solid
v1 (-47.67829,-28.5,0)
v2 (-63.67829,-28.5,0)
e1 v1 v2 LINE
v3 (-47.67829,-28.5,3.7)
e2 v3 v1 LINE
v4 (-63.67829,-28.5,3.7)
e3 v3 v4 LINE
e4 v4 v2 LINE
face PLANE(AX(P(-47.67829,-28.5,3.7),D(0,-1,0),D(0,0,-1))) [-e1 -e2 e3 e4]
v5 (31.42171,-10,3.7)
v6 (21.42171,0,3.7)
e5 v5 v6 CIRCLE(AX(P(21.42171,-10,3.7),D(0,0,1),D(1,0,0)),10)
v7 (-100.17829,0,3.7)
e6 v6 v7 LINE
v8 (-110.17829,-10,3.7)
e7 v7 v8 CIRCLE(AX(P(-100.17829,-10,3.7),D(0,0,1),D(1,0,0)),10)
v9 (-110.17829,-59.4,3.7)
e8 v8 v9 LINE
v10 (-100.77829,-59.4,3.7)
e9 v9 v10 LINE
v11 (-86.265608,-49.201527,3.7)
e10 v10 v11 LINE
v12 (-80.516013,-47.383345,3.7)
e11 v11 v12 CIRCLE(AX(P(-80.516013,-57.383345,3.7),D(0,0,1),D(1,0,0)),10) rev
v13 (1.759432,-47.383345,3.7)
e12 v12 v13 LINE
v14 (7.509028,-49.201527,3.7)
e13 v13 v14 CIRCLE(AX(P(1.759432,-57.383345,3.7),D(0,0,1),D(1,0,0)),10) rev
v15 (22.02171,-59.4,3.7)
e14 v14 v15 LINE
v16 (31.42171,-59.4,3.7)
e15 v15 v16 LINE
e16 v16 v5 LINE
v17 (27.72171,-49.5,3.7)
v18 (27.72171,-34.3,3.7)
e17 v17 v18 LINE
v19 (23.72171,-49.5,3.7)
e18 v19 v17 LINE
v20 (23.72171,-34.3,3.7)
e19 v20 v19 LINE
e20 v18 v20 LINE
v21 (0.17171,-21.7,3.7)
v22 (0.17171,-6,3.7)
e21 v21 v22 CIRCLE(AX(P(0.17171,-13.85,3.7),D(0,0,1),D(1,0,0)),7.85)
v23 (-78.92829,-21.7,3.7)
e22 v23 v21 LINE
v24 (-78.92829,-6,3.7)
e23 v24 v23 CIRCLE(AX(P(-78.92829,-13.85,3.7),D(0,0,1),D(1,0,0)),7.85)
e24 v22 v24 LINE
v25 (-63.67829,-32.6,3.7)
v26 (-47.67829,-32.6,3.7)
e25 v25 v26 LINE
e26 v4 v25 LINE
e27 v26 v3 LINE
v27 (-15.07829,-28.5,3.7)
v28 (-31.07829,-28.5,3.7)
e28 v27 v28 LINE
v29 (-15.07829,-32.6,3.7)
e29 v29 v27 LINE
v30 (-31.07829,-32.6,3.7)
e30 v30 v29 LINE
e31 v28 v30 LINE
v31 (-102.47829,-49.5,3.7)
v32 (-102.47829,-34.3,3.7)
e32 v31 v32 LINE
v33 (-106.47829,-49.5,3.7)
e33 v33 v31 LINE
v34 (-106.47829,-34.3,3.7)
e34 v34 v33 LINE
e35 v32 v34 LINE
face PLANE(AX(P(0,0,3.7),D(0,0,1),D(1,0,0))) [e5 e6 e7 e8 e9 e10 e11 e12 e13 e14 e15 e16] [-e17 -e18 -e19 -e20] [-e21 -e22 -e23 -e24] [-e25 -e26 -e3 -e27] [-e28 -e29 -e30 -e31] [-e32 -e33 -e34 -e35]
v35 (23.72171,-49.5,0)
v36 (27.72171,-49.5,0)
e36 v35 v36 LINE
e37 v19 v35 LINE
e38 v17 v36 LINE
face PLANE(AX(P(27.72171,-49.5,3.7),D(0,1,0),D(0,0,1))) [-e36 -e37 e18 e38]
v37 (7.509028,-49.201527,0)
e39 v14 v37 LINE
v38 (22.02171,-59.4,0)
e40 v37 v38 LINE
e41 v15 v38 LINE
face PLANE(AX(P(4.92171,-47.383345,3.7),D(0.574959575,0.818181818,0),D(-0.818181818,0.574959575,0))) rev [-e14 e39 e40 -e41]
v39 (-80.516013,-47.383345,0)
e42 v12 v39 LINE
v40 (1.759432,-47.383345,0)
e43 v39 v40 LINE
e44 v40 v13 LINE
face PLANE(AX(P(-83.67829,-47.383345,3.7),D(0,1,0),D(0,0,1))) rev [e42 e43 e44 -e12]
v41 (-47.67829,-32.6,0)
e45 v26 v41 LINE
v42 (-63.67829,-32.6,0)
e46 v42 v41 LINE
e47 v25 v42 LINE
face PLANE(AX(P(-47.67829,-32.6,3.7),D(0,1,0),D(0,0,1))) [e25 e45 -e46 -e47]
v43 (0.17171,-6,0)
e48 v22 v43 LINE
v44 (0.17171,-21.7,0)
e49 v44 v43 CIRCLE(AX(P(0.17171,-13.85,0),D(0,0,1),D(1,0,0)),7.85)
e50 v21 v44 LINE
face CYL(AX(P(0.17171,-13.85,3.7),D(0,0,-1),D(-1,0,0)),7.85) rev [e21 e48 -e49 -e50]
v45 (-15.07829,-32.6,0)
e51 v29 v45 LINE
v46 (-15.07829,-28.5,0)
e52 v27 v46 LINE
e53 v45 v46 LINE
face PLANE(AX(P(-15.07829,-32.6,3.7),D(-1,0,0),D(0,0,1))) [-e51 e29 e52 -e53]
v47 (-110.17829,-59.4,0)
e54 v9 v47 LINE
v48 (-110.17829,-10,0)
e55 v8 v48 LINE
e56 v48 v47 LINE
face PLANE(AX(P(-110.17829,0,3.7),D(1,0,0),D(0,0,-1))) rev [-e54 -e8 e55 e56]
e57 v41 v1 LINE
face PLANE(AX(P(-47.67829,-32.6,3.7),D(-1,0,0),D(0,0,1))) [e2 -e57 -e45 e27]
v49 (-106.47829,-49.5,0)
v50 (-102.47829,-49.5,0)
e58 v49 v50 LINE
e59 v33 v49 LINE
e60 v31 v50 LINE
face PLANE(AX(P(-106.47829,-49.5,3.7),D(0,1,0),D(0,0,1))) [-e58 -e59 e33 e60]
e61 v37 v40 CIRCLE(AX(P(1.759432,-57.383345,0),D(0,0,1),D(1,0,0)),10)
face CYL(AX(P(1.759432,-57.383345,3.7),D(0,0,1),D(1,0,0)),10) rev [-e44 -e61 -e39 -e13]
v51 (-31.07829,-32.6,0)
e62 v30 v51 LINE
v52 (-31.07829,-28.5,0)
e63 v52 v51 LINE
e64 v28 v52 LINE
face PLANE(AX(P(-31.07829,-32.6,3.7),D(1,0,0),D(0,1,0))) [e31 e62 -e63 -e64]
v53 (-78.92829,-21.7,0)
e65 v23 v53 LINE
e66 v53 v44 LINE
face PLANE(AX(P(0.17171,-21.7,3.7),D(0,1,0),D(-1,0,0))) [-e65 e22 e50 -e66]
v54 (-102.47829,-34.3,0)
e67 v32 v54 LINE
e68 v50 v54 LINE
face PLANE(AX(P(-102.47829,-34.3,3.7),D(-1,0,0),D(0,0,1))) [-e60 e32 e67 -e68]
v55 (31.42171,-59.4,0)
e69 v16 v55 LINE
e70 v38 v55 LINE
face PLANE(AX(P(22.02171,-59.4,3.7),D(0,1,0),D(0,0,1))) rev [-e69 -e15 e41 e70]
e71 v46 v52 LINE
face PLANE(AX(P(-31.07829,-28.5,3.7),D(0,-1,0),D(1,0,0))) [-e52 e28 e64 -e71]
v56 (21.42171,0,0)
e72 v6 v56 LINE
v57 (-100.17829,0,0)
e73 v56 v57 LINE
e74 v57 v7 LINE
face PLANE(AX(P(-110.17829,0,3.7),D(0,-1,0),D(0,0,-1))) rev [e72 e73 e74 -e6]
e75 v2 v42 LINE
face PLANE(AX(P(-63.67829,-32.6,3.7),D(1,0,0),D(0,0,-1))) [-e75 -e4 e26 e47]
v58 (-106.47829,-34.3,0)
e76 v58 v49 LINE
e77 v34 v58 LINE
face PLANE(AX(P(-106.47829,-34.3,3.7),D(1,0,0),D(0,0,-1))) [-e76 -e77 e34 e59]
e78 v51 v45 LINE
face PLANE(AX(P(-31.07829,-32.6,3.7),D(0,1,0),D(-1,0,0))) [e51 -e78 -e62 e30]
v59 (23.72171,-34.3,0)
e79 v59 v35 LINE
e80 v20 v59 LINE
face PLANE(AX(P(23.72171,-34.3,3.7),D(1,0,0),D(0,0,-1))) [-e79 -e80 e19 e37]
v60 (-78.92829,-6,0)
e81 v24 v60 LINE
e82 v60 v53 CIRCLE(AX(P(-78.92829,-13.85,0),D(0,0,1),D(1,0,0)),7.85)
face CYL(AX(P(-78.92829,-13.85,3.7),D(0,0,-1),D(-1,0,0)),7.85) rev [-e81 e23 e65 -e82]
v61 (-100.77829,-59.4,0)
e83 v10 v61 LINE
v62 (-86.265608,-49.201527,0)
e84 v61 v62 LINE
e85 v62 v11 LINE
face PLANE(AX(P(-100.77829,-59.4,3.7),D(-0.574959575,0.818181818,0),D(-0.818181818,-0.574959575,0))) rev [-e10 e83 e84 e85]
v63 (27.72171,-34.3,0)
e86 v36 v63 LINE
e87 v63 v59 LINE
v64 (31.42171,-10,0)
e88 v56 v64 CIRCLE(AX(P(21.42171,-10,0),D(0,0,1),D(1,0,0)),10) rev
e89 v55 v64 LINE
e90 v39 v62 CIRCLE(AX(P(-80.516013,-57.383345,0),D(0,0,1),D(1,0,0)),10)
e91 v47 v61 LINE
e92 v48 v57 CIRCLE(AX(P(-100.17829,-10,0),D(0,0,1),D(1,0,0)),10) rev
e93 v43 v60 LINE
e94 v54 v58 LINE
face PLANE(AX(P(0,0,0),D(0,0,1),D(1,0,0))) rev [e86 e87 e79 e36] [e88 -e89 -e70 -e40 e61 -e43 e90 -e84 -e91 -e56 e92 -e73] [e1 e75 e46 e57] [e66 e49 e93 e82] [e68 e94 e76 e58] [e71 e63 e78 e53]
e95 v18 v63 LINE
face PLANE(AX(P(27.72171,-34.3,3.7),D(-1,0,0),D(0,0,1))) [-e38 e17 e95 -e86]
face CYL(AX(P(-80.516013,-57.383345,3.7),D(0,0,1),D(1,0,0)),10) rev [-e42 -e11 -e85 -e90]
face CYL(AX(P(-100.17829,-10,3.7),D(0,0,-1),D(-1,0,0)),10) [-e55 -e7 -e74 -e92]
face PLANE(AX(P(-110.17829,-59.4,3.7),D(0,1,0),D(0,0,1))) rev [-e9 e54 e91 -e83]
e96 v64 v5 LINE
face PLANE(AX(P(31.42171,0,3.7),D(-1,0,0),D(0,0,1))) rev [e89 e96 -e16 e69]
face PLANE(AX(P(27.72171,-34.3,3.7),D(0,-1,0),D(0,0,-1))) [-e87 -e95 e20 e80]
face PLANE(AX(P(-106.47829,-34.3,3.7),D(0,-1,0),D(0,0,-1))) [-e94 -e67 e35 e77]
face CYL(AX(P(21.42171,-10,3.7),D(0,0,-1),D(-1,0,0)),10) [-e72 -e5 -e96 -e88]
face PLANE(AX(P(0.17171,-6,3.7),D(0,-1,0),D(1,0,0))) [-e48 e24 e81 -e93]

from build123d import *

# Parameters (mm, degrees)
SKETCH1_W           = 16
SKETCH1_H           = 4.1
SKETCH1_W_2         = 4
SKETCH1_H_2         = 15.2
BOSS_EXTRUDE2_DEPTH = 3.7
FILLET1_R           = 10
FILLET2_R           = 10


with BuildPart() as part:
    # Sketch1 → Boss-Extrude2 (new body)
    with BuildSketch(Plane.XY):
        Polygon((-110.178290248, 0), (31.421709752, 0), (31.421709752, -59.4), (22.021709752, -59.4), (4.921709752, -47.383344891), (-83.678290248, -47.383344891), (-100.778290248, -59.4), (-110.178290248, -59.4), align=None)
        with BuildLine():
            Line((0.171709752, -21.7), (-78.928290248, -21.7))
            ThreePointArc((-78.928290248, -21.7), (-86.778290248, -13.85), (-78.928290248, -6))
            Line((-78.928290248, -6), (0.171709752, -6))
            ThreePointArc((0.171709752, -6), (8.021709752, -13.85), (0.171709752, -21.7))
        make_face(mode=Mode.SUBTRACT)
        with Locations((-23.078290248, -30.55)):
            Rectangle(SKETCH1_W, SKETCH1_H, mode=Mode.SUBTRACT)
        with Locations((-55.678290248, -30.55)):
            Rectangle(SKETCH1_W, SKETCH1_H, mode=Mode.SUBTRACT)
        with Locations((25.721709752, -41.9)):
            Rectangle(SKETCH1_W_2, SKETCH1_H_2, mode=Mode.SUBTRACT)
        with Locations((-104.478290248, -41.9)):
            Rectangle(SKETCH1_W_2, SKETCH1_H_2, mode=Mode.SUBTRACT)
    extrude(amount=BOSS_EXTRUDE2_DEPTH)

    # Fillet1
    fillet1_edges = [part.edges().sort_by_distance(p)[0] for p in [
        (-110.178290248, 0, 1.85),
        (31.421709752, 0, 1.85),
    ]]
    fillet(fillet1_edges, radius=FILLET1_R)

    # Fillet2
    fillet2_edges = [part.edges().sort_by_distance(p)[0] for p in [
        (4.921709752, -47.383344891, 1.85),
        (-83.678290248, -47.383344891, 1.85),
    ]]
    fillet(fillet2_edges, radius=FILLET2_R)


solid = part.part
